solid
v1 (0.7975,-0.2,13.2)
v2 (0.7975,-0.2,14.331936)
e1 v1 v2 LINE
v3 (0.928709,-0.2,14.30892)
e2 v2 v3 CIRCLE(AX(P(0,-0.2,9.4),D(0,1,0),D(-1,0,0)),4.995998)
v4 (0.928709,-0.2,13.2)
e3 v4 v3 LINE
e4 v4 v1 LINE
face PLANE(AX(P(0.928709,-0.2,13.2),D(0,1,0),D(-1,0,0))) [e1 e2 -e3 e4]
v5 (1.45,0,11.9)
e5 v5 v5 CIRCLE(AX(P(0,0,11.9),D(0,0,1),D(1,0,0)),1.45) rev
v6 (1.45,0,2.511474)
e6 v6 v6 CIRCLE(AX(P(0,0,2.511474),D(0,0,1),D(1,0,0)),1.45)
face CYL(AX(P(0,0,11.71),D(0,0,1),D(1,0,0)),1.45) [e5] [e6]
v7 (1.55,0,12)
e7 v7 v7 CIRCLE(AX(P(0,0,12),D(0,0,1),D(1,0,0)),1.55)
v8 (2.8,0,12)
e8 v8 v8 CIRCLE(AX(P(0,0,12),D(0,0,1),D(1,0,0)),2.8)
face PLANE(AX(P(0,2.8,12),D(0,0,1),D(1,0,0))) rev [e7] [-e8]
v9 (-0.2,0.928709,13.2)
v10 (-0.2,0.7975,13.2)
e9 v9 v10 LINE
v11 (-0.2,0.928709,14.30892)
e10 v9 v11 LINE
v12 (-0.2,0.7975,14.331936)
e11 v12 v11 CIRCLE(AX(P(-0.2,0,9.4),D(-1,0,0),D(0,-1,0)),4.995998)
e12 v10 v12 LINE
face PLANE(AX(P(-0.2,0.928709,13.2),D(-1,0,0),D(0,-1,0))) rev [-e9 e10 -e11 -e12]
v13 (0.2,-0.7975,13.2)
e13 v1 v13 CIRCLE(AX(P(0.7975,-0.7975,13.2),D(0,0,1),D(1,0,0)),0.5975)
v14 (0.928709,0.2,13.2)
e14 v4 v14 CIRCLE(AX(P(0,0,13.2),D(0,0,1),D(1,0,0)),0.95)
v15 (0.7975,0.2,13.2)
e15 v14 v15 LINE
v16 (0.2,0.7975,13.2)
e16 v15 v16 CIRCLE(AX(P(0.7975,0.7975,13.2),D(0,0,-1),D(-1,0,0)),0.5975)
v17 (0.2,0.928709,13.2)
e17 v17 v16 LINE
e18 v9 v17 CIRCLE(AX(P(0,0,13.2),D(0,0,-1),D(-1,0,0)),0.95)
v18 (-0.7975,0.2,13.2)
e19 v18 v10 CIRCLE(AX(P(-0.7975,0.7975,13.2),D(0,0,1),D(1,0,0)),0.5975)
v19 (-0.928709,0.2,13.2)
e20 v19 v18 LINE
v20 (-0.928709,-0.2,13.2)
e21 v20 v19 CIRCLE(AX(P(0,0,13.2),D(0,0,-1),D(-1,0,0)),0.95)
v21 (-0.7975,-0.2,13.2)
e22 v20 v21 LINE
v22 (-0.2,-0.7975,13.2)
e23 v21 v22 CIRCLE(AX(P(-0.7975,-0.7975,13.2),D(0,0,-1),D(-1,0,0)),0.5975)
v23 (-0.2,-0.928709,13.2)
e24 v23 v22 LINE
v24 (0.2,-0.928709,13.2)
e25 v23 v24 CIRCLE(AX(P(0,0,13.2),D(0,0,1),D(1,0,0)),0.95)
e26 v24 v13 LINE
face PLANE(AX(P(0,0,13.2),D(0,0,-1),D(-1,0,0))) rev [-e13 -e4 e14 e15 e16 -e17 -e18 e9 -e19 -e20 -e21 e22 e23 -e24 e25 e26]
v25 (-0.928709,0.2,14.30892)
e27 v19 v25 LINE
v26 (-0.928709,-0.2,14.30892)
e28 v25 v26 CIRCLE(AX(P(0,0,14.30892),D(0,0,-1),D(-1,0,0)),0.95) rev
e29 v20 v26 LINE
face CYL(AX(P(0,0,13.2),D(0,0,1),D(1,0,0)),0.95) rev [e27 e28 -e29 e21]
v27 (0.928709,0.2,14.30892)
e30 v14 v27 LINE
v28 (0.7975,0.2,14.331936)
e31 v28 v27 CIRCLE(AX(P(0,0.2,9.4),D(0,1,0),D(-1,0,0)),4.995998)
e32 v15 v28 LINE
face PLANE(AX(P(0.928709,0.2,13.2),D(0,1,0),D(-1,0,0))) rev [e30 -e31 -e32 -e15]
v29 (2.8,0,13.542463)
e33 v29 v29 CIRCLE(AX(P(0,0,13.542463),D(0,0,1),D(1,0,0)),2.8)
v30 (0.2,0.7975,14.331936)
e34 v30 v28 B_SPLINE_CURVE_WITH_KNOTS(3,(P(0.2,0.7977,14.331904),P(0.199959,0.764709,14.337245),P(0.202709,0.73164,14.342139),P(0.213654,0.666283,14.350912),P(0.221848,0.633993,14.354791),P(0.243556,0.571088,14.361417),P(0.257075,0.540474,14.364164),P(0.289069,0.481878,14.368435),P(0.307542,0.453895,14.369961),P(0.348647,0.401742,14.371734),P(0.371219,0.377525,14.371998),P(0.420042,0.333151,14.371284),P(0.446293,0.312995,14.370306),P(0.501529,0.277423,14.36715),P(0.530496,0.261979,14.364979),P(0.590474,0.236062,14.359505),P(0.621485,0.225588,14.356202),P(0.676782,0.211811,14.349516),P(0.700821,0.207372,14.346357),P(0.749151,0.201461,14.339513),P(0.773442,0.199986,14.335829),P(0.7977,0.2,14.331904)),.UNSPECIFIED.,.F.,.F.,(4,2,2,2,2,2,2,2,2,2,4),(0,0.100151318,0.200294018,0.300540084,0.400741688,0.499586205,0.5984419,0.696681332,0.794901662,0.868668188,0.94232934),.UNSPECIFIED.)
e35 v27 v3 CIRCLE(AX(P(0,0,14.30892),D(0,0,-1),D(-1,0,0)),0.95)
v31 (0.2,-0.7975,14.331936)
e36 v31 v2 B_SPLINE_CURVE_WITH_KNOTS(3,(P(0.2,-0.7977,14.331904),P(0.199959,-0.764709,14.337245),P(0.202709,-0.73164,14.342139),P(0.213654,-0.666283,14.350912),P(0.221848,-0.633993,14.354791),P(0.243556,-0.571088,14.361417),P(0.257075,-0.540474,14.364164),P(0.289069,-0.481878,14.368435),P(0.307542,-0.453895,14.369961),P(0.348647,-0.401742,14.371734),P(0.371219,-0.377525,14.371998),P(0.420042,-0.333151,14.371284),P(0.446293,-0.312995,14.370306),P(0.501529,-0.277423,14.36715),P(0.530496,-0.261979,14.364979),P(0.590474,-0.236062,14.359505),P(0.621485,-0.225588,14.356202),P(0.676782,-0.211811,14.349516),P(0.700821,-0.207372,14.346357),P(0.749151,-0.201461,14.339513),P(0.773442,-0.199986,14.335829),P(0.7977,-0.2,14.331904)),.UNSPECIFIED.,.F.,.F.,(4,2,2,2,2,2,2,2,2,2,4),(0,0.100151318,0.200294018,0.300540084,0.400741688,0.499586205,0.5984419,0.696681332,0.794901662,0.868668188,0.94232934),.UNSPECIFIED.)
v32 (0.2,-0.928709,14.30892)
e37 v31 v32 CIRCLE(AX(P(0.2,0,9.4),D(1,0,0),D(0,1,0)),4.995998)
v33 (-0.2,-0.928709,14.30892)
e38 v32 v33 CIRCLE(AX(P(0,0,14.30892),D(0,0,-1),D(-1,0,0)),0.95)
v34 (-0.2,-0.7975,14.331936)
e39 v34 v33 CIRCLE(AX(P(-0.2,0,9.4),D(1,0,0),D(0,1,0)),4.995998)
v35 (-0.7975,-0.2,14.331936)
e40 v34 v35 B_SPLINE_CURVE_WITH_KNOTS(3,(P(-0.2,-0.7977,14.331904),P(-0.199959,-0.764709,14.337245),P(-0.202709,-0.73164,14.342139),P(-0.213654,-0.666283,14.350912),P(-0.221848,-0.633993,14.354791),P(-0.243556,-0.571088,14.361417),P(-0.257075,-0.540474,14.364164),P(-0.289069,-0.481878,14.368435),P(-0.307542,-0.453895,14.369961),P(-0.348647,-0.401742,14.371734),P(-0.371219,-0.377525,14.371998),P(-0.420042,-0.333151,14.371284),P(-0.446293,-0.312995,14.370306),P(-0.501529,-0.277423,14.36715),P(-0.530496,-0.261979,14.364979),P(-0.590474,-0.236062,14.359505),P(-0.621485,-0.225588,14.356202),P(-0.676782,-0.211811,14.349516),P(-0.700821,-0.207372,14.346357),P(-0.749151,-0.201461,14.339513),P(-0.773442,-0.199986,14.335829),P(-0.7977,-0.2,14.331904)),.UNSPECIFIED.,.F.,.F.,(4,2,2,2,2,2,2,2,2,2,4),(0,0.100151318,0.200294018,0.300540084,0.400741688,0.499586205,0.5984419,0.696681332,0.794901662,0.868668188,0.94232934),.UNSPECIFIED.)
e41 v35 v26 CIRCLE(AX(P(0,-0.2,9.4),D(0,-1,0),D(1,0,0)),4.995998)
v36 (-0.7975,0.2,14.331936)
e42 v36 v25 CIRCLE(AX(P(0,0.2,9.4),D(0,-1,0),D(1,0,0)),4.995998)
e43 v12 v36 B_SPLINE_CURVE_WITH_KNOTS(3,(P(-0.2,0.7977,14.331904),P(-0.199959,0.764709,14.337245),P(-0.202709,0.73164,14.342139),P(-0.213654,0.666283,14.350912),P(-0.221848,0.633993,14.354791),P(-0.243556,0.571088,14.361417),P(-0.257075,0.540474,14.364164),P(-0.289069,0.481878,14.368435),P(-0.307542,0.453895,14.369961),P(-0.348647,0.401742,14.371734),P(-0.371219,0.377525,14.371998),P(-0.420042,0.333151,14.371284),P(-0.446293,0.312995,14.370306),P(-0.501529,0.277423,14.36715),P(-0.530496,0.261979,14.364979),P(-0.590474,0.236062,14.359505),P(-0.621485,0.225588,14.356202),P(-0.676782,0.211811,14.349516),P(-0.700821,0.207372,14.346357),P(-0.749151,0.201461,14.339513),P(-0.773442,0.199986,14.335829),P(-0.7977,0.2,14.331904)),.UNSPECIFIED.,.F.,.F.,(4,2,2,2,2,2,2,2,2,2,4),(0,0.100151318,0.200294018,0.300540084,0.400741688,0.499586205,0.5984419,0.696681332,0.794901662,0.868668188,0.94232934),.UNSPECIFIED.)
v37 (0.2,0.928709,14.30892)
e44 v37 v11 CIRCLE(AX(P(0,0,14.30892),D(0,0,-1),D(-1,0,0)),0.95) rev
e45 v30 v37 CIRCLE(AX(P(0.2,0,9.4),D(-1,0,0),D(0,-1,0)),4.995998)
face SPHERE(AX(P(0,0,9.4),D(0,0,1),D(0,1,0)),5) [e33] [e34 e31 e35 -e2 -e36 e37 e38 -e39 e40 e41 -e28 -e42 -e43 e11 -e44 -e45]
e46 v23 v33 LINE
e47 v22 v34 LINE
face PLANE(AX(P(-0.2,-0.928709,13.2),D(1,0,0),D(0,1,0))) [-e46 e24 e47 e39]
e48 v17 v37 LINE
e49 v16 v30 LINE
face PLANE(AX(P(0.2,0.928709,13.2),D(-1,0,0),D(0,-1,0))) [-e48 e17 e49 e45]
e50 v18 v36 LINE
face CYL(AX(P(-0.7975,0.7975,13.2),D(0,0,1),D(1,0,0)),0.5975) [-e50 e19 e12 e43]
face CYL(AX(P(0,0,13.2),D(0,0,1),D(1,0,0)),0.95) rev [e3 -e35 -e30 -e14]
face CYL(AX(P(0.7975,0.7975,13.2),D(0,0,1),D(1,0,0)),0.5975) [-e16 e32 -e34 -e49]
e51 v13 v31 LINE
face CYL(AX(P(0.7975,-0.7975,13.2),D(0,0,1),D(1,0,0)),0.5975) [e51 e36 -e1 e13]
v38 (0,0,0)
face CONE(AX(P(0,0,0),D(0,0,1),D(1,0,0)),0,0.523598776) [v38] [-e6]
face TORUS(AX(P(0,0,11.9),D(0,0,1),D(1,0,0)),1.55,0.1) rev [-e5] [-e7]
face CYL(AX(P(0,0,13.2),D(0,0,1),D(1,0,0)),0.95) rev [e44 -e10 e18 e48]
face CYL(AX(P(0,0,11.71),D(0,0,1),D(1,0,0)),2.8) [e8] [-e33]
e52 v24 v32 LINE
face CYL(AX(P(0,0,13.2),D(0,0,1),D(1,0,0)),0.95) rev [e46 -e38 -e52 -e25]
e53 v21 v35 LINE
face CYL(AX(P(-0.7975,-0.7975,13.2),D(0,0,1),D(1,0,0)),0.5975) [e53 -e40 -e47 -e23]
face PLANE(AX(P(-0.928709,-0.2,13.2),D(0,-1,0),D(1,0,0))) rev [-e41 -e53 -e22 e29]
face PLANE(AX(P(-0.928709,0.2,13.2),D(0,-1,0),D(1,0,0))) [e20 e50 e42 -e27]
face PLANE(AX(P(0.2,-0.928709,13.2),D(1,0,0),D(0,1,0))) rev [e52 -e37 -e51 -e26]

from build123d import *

# Parameters (mm, degrees)
CUT_EXTRUDE_2_DEPTH = 1.2
FILLET_1_R          = 0.1


with BuildPart() as part:
    # 草图8 → Revolve 1380 (revolve)
    with BuildSketch(Plane(origin=(0, 0, 0), x_dir=(0, 0, -1), z_dir=(1, 0, 0))):
        with BuildLine():
            Line((0, 0), (-14.4, 0))
            ThreePointArc((-14.4, 0), (-14.180811394, 1.464186604), (-13.542463035, 2.8))
            Line((-13.542463035, 2.8), (-12, 2.8))
            Line((-12, 2.8), (-12, 1.45))
            Line((-12, 1.45), (-2.511473671, 1.45))
            Line((-2.511473671, 1.45), (0, 0))
        make_face()
    revolve(axis=Axis((0, 0, 11.71), (0, 0, -1)))

    # 草图7 → 切除-拉伸2 (cut)
    with BuildSketch(Plane.XY.offset(14.4)):
        with BuildLine():
            Line((0.2, 0.928708781), (0.2, 0.797500009))
            ThreePointArc((0.2, 0.797500009), (0.375003701, 0.375003701), (0.797500009, 0.2))
            Line((0.797500009, 0.2), (0.928708781, 0.2))
            ThreePointArc((0.928708781, 0.2), (0.95, 0), (0.928708781, -0.2))
            Line((0.928708781, -0.2), (0.797500009, -0.2))
            ThreePointArc((0.797500009, -0.2), (0.375003701, -0.375003701), (0.2, -0.797500009))
            Line((0.2, -0.797500009), (0.2, -0.928708781))
            ThreePointArc((0.2, -0.928708781), (0, -0.95), (-0.2, -0.928708781))
            Line((-0.2, -0.928708781), (-0.2, -0.797500009))
            ThreePointArc((-0.2, -0.797500009), (-0.375003701, -0.375003701), (-0.797500009, -0.2))
            Line((-0.797500009, -0.2), (-0.928708781, -0.2))
            ThreePointArc((-0.928708781, -0.2), (-0.95, 0), (-0.928708781, 0.2))
            Line((-0.928708781, 0.2), (-0.797500009, 0.2))
            ThreePointArc((-0.797500009, 0.2), (-0.375003701, 0.375003701), (-0.2, 0.797500009))
            Line((-0.2, 0.797500009), (-0.2, 0.928708781))
            ThreePointArc((-0.2, 0.928708781), (0, 0.95), (0.2, 0.928708781))
        make_face()
    extrude(amount=-CUT_EXTRUDE_2_DEPTH, mode=Mode.SUBTRACT)

    # 圆角1
    fillet_1_edges = [part.edges().sort_by_distance(p)[0] for p in [
        (0, -1.45, 12),
    ]]
    fillet(fillet_1_edges, radius=FILLET_1_R)


solid = part.part
